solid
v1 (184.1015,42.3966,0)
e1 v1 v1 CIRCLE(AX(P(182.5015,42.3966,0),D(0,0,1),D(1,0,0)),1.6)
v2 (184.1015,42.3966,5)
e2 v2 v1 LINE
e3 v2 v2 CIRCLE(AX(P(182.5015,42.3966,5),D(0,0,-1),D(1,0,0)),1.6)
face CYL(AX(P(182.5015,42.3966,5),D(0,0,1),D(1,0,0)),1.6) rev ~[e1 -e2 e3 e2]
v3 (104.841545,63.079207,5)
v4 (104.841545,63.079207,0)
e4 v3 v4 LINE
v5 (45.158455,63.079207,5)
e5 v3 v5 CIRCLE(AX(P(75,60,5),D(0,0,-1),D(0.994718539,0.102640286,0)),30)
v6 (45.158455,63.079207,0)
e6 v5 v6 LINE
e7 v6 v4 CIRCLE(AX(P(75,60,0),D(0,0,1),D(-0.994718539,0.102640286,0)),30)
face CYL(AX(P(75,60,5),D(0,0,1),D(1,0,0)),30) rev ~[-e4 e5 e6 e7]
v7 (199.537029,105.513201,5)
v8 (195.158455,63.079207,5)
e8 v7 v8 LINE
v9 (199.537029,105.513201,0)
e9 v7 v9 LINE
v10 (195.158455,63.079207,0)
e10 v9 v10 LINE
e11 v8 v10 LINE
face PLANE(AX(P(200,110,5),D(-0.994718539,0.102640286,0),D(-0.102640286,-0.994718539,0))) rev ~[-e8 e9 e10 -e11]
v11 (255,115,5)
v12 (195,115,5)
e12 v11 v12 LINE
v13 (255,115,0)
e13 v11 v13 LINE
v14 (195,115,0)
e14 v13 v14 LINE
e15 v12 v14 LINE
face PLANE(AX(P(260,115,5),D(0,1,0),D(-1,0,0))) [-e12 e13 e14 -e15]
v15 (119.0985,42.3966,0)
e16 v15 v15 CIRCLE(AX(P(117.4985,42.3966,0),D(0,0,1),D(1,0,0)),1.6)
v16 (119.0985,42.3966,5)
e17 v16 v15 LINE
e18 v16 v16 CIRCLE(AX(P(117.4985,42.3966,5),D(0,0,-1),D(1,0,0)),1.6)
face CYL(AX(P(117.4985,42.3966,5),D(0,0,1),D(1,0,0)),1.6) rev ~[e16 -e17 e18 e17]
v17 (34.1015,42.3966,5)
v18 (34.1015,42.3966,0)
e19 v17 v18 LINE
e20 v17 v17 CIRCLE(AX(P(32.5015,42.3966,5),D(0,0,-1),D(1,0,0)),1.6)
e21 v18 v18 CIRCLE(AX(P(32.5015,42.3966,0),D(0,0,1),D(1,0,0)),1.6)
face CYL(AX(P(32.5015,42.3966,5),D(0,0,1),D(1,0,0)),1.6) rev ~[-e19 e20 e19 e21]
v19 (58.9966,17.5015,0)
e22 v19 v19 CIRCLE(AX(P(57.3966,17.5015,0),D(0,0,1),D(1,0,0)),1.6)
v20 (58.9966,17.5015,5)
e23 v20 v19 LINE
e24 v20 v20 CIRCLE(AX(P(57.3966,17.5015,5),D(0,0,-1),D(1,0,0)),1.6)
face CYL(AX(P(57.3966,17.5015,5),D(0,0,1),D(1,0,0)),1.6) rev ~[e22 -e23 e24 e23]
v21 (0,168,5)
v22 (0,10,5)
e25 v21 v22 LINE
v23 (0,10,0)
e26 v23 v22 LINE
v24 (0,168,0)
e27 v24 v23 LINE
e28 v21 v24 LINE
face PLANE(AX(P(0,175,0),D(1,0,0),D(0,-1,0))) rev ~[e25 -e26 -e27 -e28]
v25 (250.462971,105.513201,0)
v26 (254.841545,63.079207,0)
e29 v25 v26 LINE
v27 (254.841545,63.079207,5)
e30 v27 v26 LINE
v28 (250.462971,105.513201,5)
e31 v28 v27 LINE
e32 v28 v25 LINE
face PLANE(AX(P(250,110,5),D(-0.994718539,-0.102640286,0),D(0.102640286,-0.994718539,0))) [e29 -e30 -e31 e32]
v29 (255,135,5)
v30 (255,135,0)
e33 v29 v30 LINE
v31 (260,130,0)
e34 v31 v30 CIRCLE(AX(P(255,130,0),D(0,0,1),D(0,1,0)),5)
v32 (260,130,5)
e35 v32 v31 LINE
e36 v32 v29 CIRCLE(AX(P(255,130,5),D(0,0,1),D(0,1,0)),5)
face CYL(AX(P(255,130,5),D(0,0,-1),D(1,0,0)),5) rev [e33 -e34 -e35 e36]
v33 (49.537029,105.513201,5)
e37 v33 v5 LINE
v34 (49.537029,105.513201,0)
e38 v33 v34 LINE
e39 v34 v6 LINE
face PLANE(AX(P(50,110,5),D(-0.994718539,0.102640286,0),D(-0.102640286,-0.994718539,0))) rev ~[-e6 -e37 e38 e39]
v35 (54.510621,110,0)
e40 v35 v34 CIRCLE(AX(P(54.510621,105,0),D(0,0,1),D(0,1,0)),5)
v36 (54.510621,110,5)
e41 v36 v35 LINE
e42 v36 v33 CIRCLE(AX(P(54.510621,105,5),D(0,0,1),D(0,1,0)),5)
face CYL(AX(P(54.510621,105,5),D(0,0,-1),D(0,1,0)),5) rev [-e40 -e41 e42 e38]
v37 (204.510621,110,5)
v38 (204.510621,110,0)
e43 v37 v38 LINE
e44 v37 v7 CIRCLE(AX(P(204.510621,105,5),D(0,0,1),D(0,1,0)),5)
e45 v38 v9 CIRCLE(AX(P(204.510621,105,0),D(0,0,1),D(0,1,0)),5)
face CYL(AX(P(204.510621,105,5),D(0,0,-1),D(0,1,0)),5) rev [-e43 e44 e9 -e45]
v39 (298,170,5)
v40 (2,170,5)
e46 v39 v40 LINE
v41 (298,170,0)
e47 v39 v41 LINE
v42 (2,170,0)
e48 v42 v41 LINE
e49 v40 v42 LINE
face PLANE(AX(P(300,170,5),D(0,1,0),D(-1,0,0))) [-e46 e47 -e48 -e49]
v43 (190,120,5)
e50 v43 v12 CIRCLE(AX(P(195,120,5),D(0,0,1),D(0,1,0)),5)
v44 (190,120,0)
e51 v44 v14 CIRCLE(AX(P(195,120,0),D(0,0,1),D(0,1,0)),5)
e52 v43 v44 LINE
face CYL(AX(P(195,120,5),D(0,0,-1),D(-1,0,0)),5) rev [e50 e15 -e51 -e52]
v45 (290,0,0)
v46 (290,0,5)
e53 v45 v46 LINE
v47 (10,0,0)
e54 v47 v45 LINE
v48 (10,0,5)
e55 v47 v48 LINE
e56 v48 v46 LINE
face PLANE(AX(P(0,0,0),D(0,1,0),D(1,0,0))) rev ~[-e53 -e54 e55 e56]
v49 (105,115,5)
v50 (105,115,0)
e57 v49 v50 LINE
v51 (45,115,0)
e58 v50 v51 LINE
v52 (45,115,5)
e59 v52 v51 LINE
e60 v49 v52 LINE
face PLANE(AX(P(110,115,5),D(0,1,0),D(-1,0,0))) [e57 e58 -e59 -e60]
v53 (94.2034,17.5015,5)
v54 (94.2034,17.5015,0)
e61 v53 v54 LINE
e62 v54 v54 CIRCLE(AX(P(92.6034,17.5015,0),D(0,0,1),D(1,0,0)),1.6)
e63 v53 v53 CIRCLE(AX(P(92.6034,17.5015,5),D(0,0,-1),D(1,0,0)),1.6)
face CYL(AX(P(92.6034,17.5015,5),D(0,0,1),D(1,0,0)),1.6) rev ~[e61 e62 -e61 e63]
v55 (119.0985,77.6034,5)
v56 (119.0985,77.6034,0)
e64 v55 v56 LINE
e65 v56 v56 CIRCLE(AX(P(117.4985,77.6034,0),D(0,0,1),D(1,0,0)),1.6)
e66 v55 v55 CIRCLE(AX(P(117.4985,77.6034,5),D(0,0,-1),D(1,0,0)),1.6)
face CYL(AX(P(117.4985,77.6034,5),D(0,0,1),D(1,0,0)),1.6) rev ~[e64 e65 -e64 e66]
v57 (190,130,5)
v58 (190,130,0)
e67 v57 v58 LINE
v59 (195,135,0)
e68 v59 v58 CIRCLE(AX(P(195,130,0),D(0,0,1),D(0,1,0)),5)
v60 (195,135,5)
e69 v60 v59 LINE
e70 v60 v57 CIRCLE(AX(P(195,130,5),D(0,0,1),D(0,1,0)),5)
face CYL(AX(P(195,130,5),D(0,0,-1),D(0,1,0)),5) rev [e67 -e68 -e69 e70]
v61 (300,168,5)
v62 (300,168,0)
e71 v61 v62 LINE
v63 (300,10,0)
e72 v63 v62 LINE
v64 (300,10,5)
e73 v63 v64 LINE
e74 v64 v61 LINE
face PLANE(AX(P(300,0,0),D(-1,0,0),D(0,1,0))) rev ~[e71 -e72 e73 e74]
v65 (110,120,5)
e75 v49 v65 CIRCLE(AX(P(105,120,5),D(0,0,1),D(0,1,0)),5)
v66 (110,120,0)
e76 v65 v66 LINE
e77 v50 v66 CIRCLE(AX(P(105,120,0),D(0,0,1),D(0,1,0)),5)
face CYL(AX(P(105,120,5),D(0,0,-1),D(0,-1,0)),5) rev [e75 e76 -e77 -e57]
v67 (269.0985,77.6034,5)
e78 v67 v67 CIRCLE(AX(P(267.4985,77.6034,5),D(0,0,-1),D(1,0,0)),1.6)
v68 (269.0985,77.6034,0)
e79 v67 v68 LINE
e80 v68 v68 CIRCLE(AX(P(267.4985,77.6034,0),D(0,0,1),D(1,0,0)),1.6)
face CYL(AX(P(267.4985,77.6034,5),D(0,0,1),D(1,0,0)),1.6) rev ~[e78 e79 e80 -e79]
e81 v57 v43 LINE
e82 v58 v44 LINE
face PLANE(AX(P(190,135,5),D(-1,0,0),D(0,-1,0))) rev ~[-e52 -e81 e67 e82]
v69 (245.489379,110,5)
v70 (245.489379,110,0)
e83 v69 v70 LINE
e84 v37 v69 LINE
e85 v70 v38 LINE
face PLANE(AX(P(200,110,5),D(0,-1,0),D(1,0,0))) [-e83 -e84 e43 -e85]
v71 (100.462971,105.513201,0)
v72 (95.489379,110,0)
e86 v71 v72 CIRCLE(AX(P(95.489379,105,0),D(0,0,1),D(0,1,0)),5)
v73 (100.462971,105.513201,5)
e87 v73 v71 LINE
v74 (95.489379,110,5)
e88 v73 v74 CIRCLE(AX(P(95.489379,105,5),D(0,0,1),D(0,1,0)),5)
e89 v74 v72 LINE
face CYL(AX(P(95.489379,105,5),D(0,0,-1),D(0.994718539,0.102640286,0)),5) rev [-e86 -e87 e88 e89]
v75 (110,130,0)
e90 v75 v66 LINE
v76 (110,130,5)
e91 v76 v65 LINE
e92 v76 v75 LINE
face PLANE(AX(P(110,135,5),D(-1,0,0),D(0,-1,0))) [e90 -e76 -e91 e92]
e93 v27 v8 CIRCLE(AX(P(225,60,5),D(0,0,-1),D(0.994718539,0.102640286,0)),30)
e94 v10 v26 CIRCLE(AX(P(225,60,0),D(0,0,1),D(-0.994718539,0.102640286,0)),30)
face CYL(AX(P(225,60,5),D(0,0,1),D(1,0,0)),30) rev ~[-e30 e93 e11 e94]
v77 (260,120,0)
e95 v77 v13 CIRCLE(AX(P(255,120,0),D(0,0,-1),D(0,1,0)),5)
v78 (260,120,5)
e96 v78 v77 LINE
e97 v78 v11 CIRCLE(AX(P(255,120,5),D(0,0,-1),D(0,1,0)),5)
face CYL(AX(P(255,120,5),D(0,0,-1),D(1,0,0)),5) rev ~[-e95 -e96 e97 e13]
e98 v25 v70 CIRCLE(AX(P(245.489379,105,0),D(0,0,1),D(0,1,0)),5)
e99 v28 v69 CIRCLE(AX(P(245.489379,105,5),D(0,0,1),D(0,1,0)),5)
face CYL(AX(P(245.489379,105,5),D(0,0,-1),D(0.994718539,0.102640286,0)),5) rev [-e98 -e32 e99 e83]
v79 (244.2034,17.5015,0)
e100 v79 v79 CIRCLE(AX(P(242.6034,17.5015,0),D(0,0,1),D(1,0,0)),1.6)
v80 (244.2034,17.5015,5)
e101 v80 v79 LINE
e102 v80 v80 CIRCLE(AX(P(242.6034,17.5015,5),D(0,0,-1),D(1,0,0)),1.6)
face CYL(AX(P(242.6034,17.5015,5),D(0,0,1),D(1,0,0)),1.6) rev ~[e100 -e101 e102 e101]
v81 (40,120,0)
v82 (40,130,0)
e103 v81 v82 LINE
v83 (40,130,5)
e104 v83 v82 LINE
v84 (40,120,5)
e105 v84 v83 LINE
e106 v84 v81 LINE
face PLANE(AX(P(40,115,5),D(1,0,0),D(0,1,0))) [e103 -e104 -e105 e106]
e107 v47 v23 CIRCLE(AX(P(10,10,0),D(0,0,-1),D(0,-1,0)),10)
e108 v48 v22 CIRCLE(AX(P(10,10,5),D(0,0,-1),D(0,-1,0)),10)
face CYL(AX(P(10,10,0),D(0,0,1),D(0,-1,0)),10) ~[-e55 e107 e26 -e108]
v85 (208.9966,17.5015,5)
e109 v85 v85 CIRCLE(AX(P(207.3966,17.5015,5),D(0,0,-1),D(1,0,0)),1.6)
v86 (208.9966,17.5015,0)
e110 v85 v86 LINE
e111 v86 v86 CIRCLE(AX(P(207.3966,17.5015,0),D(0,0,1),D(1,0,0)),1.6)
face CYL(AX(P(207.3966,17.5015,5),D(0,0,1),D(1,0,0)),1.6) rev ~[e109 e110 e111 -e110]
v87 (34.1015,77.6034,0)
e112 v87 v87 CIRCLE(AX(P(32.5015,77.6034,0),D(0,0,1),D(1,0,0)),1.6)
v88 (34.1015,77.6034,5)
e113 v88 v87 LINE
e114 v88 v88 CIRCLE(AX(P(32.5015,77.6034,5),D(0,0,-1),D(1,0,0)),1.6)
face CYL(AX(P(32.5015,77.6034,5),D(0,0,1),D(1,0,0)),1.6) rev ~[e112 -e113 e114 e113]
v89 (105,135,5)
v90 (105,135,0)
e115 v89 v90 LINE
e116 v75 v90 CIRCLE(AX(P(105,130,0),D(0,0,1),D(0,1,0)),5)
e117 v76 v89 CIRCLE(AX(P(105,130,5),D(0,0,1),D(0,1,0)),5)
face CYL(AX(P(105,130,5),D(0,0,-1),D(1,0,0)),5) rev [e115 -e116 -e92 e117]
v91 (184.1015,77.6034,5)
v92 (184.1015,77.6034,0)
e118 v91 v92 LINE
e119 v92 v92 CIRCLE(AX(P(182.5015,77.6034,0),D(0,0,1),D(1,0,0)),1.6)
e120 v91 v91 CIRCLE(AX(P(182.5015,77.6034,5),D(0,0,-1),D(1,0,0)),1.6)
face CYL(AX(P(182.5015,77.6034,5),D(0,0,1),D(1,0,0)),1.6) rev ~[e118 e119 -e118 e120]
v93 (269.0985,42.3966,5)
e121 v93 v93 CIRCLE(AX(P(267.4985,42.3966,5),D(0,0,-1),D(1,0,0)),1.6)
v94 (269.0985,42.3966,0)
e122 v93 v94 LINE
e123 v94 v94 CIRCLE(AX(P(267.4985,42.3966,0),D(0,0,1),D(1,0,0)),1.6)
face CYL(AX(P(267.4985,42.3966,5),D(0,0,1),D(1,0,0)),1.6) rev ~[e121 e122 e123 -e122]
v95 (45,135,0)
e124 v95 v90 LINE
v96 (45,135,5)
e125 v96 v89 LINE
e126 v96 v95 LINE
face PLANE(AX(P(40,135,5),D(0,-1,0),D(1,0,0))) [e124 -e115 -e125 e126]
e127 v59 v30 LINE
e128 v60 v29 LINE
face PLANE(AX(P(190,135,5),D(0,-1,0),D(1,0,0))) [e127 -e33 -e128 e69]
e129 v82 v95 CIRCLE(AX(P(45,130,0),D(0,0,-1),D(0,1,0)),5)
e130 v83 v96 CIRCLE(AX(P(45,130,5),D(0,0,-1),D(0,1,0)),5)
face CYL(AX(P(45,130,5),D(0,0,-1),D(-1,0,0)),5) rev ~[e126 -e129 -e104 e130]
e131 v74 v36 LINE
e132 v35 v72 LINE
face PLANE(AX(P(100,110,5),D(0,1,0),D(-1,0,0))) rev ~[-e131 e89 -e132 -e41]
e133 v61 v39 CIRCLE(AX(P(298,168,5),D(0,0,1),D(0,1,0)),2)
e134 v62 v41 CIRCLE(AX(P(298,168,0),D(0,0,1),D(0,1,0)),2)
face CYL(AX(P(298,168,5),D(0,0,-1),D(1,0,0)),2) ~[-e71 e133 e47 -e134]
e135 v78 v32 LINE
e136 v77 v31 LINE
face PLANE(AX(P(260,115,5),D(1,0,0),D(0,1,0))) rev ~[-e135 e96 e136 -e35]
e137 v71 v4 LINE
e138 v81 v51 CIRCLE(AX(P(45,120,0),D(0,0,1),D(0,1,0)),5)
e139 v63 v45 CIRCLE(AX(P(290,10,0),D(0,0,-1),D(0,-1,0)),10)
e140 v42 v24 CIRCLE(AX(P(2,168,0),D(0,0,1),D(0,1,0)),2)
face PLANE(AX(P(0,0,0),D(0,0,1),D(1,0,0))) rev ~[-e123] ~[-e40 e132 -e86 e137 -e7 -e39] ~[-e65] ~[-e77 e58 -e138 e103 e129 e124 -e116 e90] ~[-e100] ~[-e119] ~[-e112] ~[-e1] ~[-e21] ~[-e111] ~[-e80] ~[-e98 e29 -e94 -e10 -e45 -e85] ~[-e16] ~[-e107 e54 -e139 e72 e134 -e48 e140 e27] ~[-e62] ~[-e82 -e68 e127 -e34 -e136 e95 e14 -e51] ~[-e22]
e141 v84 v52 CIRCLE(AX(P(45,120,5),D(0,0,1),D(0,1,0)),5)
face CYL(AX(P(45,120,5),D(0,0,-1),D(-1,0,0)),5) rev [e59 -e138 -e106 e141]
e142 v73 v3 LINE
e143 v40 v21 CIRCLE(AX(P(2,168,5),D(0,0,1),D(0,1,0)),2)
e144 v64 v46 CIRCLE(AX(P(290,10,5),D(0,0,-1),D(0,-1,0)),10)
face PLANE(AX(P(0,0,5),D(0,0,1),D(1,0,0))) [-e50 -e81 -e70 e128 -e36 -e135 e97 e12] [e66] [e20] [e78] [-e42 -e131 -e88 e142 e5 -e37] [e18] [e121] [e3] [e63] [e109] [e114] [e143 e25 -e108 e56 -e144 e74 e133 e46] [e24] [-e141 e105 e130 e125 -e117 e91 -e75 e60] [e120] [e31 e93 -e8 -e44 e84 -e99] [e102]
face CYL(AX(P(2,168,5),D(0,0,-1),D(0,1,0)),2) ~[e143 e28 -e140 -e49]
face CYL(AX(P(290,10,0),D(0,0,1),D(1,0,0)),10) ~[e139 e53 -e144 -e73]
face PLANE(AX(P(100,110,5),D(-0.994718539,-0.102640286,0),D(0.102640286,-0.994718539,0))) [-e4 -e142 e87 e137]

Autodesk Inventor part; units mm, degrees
ref_plane "YZ Plane" through (0, 0, 0) normal (1, 0, 0) x (0, 1, 0)
ref_plane "XZ Plane" through (0, 0, 0) normal (0, 1, 0) x (-1, 0, 0)
ref_plane "XY Plane" through (0, 0, 0) normal (0, 0, 1) x (1, 0, 0)
sketch "スケッチ1" plane through (0, 0, 0) normal (0, 0, 1) x (1, 0, 0)
  line L0 (0, 0) -> (300, 0)
  line L1 (300, 0) -> (300, 175)
  line L2 (300, 175) -> (0, 175)
  line L3 (0, 175) -> (0, 0)
  dimension "d0" = 175
  dimension "d1" = 300
extrude "押し出し1" add sketch "スケッチ1" along normal blind 5
sketch "スケッチ2" plane through (0, 0, 5) normal (0, 0, 1) x (1, 0, 0)
  line L0 (-6.3861, 0) -> (323.6139, 0)
  circle A0 centre (75, 60) radius 46
  circle A1 centre (225, 60) radius 46
  line L1 (75, 60) -> (75, 156.1238)
  line L2 (225, 60) -> (225, 147.3766)
  line L3 (75, 60) -> (50.2691, 119.7057)
  line L4 (225, 60) -> (203.3576, 112.2494)
  circle A2 centre (57.3966, 102.4985) radius 1.6
  circle A3 centre (207.3966, 102.4985) radius 1.6
  circle A4 centre (32.5015, 77.6034) radius 1.6
  circle A5 centre (32.5015, 42.3966) radius 1.6
  circle A6 centre (57.3966, 17.5015) radius 1.6
  circle A7 centre (92.6034, 17.5015) radius 1.6
  circle A8 centre (117.4985, 42.3966) radius 1.6
  circle A9 centre (117.4985, 77.6034) radius 1.6
  circle A10 centre (92.6034, 102.4985) radius 1.6
  circle A11 centre (182.5015, 77.6034) radius 1.6
  circle A12 centre (182.5015, 42.3966) radius 1.6
  circle A13 centre (207.3966, 17.5015) radius 1.6
  circle A14 centre (242.6034, 17.5015) radius 1.6
  circle A15 centre (267.4985, 42.3966) radius 1.6
  circle A16 centre (267.4985, 77.6034) radius 1.6
  circle A17 centre (242.6034, 102.4985) radius 1.6
  circle A18 centre (75, 60) radius 30
  circle A19 centre (225, 60) radius 30
  line L5 (323.6139, 175) -> (-6.3861, 175)
  line L6 (-6.3861, 145) -> (19.1813, 0)
  line L7 (323.6139, 145) -> (298.0465, 0)
  line L8 (0, 175) -> (0, 0)
  line L9 (300, 175) -> (300, 0)
  line L10 (300, 175) -> (0, 175) projected
  line L11 (0, 175) -> (0, 0) projected
  dimension "d10" = 92
  dimension "d11" = 92
  dimension "d8" = 60
  dimension "d9" = 60
  dimension "d12" = 22.5
  dimension "d13" = 22.5
  dimension "d14" = 3.2
  dimension "d15" = 3.2
  dimension "d16" = 360
  dimension "d17" = 360
  dimension "d18" = 60
  dimension "d19" = 60
  dimension "d20" = 175
  dimension "d21" = 30
  dimension "d22" = 30
  dimension "d23" = 80
  dimension "d24" = 80
  dimension "d25" = 300
  dimension "d26" = 0
  dimension "d27" = 0
  dimension "d28" = 150
  dimension "d29" = 75
extrude "押し出し2" cut sketch "スケッチ2" against normal blind 5 contours A9 A0 | A0 A9 | A8 A0 | A0 A8 | A7 A0 | A0 A7 | A6 A0 | A0 A6 | A18 L3 L1 | L1 L3 A18 | A5 A0 | A0 A5 | A4 A0 | A0 A4 | A16 A1 | A1 A16 | A15 A1 | A1 A15 | A14 A1 | A1 A14 | A13 A1 | A1 A13 | A19 L4 L2 | L2 L4 A19 | A12 A1 | A1 A12 | A11 A1 | A1 A11
sketch "スケッチ3" plane through (0, 0, 5) normal (0, 0, 1) x (1, 0, 0)
  circle A0 centre (75, 60) radius 30 projected
  line L0 (75, 60) -> (100, 60)
  line L1 (100, 60) -> (100, 110)
  line L2 (100, 110) -> (75, 110)
  line L3 (75, 110) -> (75, 60)
  line L4 (75, 110) -> (50, 110)
  line L5 (50, 110) -> (50, 60)
  line L6 (50, 60) -> (75, 60)
  line L7 (75, 60) -> (75, 110)
  line L8 (50, 110) -> (42.3811, 36.1629)
  line L9 (100, 110) -> (107.6189, 36.1629)
  line L10 (300, 175) -> (0, 175) projected
  line L11 (150, 175) -> (150, 0)
  line L12 (0, 0) -> (300, 0) projected
  line L13 (200, 110) -> (225, 110)
  line L14 (225, 110) -> (250, 110)
  line L15 (250, 110) -> (257.6189, 36.1629)
  line L16 (200, 110) -> (192.3811, 36.1629)
  circle A1 centre (225, 60) radius 30 projected
  circle A2 centre (225, 60) radius 30
  point P0 (45.1584, 63.0792)
  point P1 (104.8416, 63.0792)
  point P2 (195.1584, 63.0792)
  point P3 (254.8416, 63.0792)
  dimension "d32" = 25
  dimension "d33" = 50
  dimension "d34" = 25
extrude "押し出し3" cut sketch "スケッチ3" against normal blind 5 contours A0 L1 L9 | L8 L5 A0 | A0 L3 L2 L1 | L5 L4 L3 A0 | L13 L14 L15 A1 L16
sketch "スケッチ4" plane through (0, 0, 5) normal (0, 0, 1) x (1, 0, 0)
  line L0 (0, 175) -> (0, 0) projected
  line L1 (300, 0) -> (300, 175) projected
  line L2 (0, 175) -> (300, 175)
  line L3 (300, 175) -> (300, 110)
  line L4 (300, 110) -> (0, 110)
  line L5 (0, 110) -> (0, 175)
  line L6 (0, 135) -> (300, 135)
  line L7 (300, 135) -> (300, 115)
  line L8 (300, 115) -> (0, 115)
  line L9 (0, 115) -> (0, 135)
  line L10 (40, 135) -> (110, 135)
  line L11 (110, 135) -> (110, 115)
  line L12 (110, 115) -> (40, 115)
  line L13 (40, 115) -> (40, 135)
  line L14 (150, 115) -> (150, 0)
  line L15 (190, 135) -> (190, 115)
  line L16 (260, 115) -> (260, 135)
  dimension "d38" = 65
  dimension "d39" = 20
  dimension "d40" = 5
  dimension "d41" = 70
  dimension "d192" = 40
extrude "押し出し4" cut sketch "スケッチ4" against normal blind 5 contours L6 L11 L8 L13 | L16 L8 L15 L6
fillet "フィレット2" radius 5 12 edges at (110, 135, 2.5) (260, 135, 2.5) (260, 115, 2.5) (190, 135, 2.5) (190, 115, 2.5) (40, 115, 2.5) (40, 135, 2.5) (110, 115, 2.5) (100, 110, 2.5) (250, 110, 2.5) (200, 110, 2.5) (50, 110, 2.5)
sketch "スケッチ5" plane through (0, 0, 5) normal (0, 0, 1) x (1, 0, 0)
  line L0 (300, 175) -> (0, 175) projected
  line L1 (300, 0) -> (300, 175) projected
  line L2 (0, 175) -> (300, 175)
  line L3 (300, 175) -> (300, 170)
  line L4 (300, 170) -> (0, 170)
  line L5 (0, 170) -> (0, 175)
  line L6 (20, 175) -> (20, 170)
  line L7 (40, 175) -> (40, 170)
  line L8 (60, 175) -> (60, 170)
  line L9 (80, 175) -> (80, 170)
  line L10 (100, 175) -> (100, 170)
  line L11 (120, 175) -> (120, 170)
  line L12 (140, 175) -> (140, 170)
  line L13 (160, 175) -> (160, 170)
  line L14 (180, 175) -> (180, 170)
  line L15 (200, 175) -> (200, 170)
  line L16 (220, 175) -> (220, 170)
  line L17 (240, 175) -> (240, 170)
  line L18 (260, 175) -> (260, 170)
  line L19 (280, 175) -> (280, 170)
  line L20 (300, 175) -> (300, 170)
  point P0 (0, 0)
  point P1 (0, 172.5)
  dimension "d46" = 5
  dimension "d47" = 20
  dimension "d50" = 20
extrude "押し出し5" cut sketch "スケッチ5" against normal blind 5
fillet "フィレット6" radius 10 2 edges at (0, 0, 2.5) (300, 0, 2.5)
fillet "フィレット7" radius 2 2 edges at (300, 170, 2.5) (0, 170, 2.5)
equation "\"d11\" = d10"
equation "\"d8\" = d9"
equation "\"d15\" = d14"
equation "\"d24\" = d23"
equation "\"d34\" = d32"
properties part number "RP_Waist-Under" material "A5052"
